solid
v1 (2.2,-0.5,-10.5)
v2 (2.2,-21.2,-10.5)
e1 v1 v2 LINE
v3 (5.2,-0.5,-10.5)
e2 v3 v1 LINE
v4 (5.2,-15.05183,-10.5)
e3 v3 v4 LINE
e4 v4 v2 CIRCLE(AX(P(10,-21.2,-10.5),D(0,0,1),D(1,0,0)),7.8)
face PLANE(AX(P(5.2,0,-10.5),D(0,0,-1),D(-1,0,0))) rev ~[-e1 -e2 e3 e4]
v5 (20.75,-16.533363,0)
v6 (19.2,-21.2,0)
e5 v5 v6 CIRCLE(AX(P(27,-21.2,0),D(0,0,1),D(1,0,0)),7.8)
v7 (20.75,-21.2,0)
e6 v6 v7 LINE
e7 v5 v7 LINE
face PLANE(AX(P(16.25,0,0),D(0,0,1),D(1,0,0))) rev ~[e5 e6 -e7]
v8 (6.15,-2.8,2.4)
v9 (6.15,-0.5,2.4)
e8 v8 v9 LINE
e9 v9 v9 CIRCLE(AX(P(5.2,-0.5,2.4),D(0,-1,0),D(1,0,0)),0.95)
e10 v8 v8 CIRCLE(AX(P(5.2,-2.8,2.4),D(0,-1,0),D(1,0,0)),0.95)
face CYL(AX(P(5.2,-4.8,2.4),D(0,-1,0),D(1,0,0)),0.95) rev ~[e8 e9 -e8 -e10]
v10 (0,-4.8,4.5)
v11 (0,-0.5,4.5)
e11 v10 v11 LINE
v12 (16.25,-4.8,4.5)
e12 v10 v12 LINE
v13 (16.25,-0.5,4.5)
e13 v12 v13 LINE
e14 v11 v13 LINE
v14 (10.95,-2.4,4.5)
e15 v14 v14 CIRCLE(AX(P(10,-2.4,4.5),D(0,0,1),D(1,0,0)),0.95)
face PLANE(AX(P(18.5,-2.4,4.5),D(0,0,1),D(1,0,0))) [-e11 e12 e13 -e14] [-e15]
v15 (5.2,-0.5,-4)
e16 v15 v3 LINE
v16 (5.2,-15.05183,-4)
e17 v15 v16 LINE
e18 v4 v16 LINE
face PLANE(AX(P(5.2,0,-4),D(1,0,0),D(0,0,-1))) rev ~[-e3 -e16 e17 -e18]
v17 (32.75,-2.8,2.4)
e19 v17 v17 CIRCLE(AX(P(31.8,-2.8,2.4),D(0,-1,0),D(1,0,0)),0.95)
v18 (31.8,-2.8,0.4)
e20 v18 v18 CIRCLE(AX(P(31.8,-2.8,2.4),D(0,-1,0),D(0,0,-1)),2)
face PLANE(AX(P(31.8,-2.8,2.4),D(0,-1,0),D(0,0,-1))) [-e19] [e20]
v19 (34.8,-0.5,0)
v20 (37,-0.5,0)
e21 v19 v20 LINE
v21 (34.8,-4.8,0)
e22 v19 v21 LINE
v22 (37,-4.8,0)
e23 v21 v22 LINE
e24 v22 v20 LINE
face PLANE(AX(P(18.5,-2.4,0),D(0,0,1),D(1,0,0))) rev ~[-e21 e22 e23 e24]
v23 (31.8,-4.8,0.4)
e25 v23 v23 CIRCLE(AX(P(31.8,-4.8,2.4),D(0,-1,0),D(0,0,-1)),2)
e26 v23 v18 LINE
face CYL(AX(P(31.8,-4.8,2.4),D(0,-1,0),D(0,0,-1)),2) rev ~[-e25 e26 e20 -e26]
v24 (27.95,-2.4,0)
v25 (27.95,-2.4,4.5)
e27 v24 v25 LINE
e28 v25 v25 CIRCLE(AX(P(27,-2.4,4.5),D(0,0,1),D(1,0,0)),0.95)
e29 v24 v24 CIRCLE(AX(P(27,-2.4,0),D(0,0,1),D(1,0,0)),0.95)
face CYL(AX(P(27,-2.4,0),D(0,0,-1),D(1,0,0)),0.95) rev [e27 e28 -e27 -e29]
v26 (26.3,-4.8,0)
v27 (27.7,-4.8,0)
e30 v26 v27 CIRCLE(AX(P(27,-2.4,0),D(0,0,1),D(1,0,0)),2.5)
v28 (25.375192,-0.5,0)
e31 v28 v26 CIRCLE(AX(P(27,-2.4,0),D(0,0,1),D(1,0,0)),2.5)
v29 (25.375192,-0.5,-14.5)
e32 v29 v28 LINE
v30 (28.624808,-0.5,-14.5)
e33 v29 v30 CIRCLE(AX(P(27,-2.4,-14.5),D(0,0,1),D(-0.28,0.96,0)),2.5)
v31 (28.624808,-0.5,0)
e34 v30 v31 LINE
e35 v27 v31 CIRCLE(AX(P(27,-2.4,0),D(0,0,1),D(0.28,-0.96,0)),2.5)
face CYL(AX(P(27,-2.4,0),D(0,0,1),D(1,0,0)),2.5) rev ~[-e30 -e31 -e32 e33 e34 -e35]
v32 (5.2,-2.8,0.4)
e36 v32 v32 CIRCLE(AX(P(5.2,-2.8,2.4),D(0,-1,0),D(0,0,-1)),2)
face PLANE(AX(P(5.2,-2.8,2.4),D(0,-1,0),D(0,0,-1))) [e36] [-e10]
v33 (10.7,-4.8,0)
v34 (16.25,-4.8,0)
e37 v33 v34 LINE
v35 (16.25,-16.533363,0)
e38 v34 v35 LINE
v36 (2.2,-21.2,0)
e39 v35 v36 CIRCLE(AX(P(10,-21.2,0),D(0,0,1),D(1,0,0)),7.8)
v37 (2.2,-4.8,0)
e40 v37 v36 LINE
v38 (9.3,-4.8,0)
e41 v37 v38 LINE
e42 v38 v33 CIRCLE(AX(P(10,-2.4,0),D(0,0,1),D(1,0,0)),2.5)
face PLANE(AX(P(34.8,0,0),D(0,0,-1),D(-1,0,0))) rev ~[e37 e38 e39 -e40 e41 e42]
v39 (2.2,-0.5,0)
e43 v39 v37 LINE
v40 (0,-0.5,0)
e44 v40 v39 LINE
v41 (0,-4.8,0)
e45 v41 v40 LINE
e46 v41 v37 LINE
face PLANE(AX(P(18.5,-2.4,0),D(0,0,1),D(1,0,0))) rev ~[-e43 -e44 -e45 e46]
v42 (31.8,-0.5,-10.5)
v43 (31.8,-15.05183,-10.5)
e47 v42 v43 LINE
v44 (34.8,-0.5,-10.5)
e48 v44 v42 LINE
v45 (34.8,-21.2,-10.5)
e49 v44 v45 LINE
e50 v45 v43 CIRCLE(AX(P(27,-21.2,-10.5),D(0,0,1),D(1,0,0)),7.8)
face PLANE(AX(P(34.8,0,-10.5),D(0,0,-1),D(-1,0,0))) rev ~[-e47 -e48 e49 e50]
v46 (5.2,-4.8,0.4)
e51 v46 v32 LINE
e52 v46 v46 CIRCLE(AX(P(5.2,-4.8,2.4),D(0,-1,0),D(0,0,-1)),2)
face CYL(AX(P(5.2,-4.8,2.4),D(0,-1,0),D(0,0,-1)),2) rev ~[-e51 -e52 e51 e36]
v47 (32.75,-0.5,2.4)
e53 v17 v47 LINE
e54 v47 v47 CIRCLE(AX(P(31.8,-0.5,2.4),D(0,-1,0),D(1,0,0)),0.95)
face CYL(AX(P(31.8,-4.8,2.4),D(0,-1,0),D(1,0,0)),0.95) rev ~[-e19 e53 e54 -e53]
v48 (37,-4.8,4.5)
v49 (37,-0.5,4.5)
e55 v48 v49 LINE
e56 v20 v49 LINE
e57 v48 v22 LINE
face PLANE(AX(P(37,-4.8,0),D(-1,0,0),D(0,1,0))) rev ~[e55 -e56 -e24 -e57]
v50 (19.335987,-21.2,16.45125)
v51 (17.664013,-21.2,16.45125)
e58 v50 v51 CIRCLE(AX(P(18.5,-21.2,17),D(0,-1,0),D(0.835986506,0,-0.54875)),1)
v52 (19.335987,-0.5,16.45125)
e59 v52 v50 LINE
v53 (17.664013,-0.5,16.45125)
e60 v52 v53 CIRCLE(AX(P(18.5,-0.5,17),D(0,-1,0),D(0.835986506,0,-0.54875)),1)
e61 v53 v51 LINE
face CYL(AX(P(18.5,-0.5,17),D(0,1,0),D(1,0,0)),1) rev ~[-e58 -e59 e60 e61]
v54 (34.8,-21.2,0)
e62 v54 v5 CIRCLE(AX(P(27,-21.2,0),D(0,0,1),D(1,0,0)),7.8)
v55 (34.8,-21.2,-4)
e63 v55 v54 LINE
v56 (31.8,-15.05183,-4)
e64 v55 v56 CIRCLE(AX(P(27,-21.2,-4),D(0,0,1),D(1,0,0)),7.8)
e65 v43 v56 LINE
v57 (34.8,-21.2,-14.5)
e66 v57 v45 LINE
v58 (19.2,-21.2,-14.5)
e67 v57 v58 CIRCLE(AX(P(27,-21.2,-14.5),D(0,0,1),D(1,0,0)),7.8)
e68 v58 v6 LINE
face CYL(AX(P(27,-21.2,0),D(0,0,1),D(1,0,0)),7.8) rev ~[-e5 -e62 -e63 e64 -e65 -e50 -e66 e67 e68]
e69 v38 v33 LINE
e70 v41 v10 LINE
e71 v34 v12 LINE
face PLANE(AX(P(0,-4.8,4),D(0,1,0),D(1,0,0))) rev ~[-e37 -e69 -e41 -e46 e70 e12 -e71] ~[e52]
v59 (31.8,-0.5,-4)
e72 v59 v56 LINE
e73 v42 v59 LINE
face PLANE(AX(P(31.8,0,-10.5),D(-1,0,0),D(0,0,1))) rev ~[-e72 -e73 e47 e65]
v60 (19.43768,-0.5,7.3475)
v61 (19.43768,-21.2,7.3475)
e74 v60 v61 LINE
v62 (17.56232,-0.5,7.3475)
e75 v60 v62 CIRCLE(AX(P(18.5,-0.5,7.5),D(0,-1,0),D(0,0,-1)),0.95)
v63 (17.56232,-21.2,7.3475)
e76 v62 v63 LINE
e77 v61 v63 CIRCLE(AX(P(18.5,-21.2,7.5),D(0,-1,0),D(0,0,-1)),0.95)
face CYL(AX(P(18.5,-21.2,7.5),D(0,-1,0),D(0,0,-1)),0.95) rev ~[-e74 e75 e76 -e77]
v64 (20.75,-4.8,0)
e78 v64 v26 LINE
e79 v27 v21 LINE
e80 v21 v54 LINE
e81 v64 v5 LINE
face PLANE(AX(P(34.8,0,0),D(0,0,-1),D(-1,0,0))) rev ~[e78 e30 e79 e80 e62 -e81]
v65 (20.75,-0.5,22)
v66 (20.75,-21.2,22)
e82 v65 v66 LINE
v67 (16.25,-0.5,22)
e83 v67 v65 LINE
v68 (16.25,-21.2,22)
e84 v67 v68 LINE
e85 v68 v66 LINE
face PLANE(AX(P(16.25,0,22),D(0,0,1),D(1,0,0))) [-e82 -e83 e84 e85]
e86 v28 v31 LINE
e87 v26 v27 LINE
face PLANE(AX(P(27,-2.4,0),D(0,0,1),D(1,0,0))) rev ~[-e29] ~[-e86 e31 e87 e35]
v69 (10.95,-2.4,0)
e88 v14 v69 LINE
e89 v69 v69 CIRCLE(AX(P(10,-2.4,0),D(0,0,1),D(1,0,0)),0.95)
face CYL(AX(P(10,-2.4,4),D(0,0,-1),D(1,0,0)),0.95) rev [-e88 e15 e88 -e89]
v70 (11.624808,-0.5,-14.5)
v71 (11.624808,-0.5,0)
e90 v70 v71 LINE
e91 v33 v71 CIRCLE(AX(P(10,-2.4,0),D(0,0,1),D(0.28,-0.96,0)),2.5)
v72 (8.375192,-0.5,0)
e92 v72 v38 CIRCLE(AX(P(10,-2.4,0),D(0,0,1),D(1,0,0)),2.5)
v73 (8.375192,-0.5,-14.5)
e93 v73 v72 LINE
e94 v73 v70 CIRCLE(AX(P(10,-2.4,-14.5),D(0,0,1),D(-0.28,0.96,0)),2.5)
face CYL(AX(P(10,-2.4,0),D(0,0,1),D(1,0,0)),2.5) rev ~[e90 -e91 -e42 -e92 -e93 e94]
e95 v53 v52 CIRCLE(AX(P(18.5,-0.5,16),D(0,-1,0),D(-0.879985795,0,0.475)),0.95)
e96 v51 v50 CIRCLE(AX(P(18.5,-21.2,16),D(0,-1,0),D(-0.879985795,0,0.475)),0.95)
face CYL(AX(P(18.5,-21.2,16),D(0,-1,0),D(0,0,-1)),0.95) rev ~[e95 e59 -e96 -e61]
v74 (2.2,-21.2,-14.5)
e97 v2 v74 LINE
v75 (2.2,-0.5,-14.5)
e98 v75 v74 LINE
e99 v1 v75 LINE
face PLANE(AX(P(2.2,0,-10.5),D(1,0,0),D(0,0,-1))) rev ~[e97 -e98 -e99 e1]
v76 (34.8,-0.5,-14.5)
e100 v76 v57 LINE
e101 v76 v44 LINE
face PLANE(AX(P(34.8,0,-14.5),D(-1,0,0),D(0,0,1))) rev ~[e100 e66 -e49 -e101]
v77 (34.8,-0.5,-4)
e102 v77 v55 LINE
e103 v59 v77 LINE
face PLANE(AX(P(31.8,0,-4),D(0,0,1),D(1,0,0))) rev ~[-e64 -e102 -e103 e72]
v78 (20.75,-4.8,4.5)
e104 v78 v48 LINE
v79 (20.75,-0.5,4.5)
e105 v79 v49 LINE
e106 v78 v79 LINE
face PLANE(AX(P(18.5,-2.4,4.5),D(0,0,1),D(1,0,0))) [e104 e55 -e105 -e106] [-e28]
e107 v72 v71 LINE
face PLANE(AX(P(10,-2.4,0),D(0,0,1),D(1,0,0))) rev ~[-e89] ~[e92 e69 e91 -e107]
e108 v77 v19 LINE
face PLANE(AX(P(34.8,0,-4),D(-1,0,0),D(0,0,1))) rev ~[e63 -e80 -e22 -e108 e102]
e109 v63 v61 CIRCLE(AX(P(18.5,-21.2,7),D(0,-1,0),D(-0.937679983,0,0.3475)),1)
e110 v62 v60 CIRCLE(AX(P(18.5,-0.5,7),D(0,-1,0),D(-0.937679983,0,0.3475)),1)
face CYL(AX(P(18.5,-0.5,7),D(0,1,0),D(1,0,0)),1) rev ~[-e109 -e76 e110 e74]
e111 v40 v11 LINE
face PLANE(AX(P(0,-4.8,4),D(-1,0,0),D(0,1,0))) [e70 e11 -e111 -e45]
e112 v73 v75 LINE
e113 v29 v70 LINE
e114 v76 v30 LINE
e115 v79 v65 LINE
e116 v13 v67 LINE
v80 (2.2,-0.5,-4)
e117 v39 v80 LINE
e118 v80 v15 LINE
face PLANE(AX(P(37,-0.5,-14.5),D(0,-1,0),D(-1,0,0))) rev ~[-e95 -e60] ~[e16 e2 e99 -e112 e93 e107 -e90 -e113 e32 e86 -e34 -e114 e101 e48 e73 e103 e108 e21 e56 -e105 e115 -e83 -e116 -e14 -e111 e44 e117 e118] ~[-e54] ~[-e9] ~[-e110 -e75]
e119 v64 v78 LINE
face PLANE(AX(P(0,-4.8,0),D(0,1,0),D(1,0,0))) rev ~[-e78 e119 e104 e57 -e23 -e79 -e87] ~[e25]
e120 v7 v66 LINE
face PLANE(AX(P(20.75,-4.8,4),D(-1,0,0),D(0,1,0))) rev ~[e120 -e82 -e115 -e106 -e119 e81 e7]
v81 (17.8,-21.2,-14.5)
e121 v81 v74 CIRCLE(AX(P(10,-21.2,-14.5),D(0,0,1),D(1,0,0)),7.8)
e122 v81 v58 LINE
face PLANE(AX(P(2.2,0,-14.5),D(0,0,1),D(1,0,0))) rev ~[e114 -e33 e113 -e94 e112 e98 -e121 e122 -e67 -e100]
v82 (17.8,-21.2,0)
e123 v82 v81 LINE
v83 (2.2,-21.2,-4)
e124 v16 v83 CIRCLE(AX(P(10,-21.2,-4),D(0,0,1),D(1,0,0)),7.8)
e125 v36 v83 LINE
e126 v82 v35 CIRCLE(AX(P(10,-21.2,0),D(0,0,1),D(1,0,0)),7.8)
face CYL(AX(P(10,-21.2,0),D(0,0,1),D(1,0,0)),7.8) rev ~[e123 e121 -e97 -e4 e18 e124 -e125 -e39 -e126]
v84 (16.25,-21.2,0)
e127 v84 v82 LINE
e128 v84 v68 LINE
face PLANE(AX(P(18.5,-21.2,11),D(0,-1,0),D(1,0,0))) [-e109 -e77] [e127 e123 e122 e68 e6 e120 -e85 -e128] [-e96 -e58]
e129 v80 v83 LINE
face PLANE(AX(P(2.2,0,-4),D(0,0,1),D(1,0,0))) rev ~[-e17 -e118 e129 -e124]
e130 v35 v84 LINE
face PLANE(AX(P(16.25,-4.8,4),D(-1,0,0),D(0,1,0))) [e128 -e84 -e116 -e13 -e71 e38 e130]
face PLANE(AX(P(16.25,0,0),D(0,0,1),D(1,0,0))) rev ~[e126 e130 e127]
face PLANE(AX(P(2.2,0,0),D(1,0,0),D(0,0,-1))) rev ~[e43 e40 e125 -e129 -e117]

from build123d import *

# Parameters (mm, degrees)
SKETCH_1_W           = 37
SKETCH_1_H           = 4.8
SKETCH_1_R           = 0.95
EXTRUDE_1_DEPTH      = 4
EXTRUDE_2_DEPTH      = 21.2
SKETCH_8_W           = 4.5
SKETCH_8_H           = 4.8
EXTRUDE_4_DEPTH      = 8
SKETCH_12_R          = 7.8
CUT_EXTRUDE_3_DEPTH  = 14.5
EXTRUDE_6_DEPTH      = 16.4
EXTRUDE_6_DEPTH_BACK = 4.8
SKETCH_13_W          = 4.5
SKETCH_13_H          = 22
SKETCH_15_R          = 2.5
CUT_EXTRUDE_4_DEPTH  = 14.5
SKETCH_16_W          = 37
SKETCH_16_H          = 4.8
SKETCH_16_R          = 0.95
EXTRUDE_8_DEPTH      = 0.5
SKETCH_19_R          = 0.95
CUT_EXTRUDE_5_DEPTH  = 30
SKETCH_21_W          = 37
SKETCH_21_H          = 0.5
CUT_EXTRUDE_6_DEPTH  = 57.131007474
SKETCH_24_R          = 1
CUT_EXTRUDE_7_DEPTH  = 30
SKETCH_25_R          = 0.95
CUT_EXTRUDE_8_DEPTH  = 10
SKETCH_27_R          = 2
CUT_EXTRUDE_9_DEPTH  = 2


with BuildPart() as part:
    # 草图1 → 凸台-拉伸1 (new body)
    with BuildSketch(Plane.XY):
        with Locations((18.5, -2.4)):
            Rectangle(SKETCH_1_W, SKETCH_1_H)
        with Locations((10, -2.4)):
            Circle(SKETCH_1_R, mode=Mode.SUBTRACT)
        with Locations((27, -2.4)):
            Circle(SKETCH_1_R, mode=Mode.SUBTRACT)
    extrude(amount=EXTRUDE_1_DEPTH)

    # 草图4 → 凸台-拉伸2 (add)
    with BuildSketch(Plane(origin=(0, 0, 0), x_dir=(1, 0, 0), z_dir=(0, 1, 0))):
        Polygon((2.2, 0), (2.2, 4), (5.2, 4), (5.2, 10.5), (2.2, 10.5), (2.2, 14.5), (34.8, 14.5), (34.8, 10.5), (31.8, 10.5), (31.8, 4), (34.8, 4), (34.8, 0), align=None)
    extrude(amount=-EXTRUDE_2_DEPTH)

    # 草图8 → 凸台-拉伸4 (add)
    with BuildSketch(Plane.XY.offset(4)):
        with Locations((18.5, -2.4)):
            Rectangle(SKETCH_8_W, SKETCH_8_H)
    extrude(amount=EXTRUDE_4_DEPTH)

    # 草图12 → 切除-拉伸3 (cut)
    with BuildSketch(Plane.XY):
        with Locations((10, -21.2)):
            Circle(SKETCH_12_R)
        with Locations((27, -21.2)):
            Circle(SKETCH_12_R)
    extrude(amount=-CUT_EXTRUDE_3_DEPTH, mode=Mode.SUBTRACT)

    # 草图13 → 凸台-拉伸6 (add, two sides: drawn at the far end of the back side and taken through both)
    with BuildSketch(Plane.XZ.offset(4.8).offset(-EXTRUDE_6_DEPTH_BACK)):
        with Locations((18.5, 11)):
            Rectangle(SKETCH_13_W, SKETCH_13_H)
    extrude(amount=EXTRUDE_6_DEPTH + EXTRUDE_6_DEPTH_BACK)

    # 草图15 → 切除-拉伸4 (cut)
    with BuildSketch(Plane.XY):
        with Locations((10, -2.4)):
            Circle(SKETCH_15_R)
        with Locations((27, -2.4)):
            Circle(SKETCH_15_R)
    extrude(amount=-CUT_EXTRUDE_4_DEPTH, mode=Mode.SUBTRACT)

    # 草图16 → 凸台-拉伸8 (add)
    with BuildSketch(Plane.XY.offset(4)):
        with Locations((18.5, -2.4)):
            Rectangle(SKETCH_16_W, SKETCH_16_H)
        with Locations((10, -2.4)):
            Circle(SKETCH_16_R, mode=Mode.SUBTRACT)
        with Locations((27, -2.4)):
            Circle(SKETCH_16_R, mode=Mode.SUBTRACT)
    extrude(amount=EXTRUDE_8_DEPTH)

    # 草图19 → 切除-拉伸5 (cut)
    with BuildSketch(Plane.XZ.offset(21.2)):
        with Locations(Location((18.5, 7.5, 0), (0, 0, 270))):
            Circle(SKETCH_19_R)
        with Locations(Location((18.5, 16, 0), (0, 0, 270))):
            Circle(SKETCH_19_R)
    extrude(amount=-CUT_EXTRUDE_5_DEPTH, mode=Mode.SUBTRACT)

    # 草图21 → 切除-拉伸6 (cut, through all)
    with BuildSketch(Plane(origin=(0, 0, -14.5), x_dir=(-1, 0, 0), z_dir=(0, 0, -1))):
        with Locations((-18.5, -0.25)):
            Rectangle(SKETCH_21_W, SKETCH_21_H)
    extrude(amount=-CUT_EXTRUDE_6_DEPTH, mode=Mode.SUBTRACT)

    # 草图24 → 切除-拉伸7 (cut)
    with BuildSketch(Plane(origin=(0, -0.5, 0), x_dir=(1, 0, 0), z_dir=(0, 1, 0))):
        with Locations((18.5, -17)):
            Circle(SKETCH_24_R)
        with Locations((18.5, -7)):
            Circle(SKETCH_24_R)
    extrude(amount=-CUT_EXTRUDE_7_DEPTH, mode=Mode.SUBTRACT)

    # 草图25 → 切除-拉伸8 (cut)
    with BuildSketch(Plane.XZ.offset(4.8)):
        with Locations((5.2, 2.4)):
            Circle(SKETCH_25_R)
        with Locations((31.8, 2.4)):
            Circle(SKETCH_25_R)
    extrude(amount=-CUT_EXTRUDE_8_DEPTH, mode=Mode.SUBTRACT)

    # 草图27 → 切除-拉伸9 (cut)
    with BuildSketch(Plane(origin=(0, -4.8, 0), x_dir=(-1, 0, 0), z_dir=(0, -1, 0))):
        with Locations(Location((-5.2, -2.4, 0), (0, 0, 90))):
            Circle(SKETCH_27_R)
        with Locations(Location((-31.8, -2.4, 0), (0, 0, 90))):
            Circle(SKETCH_27_R)
    extrude(amount=-CUT_EXTRUDE_9_DEPTH, mode=Mode.SUBTRACT)


solid = part.part
